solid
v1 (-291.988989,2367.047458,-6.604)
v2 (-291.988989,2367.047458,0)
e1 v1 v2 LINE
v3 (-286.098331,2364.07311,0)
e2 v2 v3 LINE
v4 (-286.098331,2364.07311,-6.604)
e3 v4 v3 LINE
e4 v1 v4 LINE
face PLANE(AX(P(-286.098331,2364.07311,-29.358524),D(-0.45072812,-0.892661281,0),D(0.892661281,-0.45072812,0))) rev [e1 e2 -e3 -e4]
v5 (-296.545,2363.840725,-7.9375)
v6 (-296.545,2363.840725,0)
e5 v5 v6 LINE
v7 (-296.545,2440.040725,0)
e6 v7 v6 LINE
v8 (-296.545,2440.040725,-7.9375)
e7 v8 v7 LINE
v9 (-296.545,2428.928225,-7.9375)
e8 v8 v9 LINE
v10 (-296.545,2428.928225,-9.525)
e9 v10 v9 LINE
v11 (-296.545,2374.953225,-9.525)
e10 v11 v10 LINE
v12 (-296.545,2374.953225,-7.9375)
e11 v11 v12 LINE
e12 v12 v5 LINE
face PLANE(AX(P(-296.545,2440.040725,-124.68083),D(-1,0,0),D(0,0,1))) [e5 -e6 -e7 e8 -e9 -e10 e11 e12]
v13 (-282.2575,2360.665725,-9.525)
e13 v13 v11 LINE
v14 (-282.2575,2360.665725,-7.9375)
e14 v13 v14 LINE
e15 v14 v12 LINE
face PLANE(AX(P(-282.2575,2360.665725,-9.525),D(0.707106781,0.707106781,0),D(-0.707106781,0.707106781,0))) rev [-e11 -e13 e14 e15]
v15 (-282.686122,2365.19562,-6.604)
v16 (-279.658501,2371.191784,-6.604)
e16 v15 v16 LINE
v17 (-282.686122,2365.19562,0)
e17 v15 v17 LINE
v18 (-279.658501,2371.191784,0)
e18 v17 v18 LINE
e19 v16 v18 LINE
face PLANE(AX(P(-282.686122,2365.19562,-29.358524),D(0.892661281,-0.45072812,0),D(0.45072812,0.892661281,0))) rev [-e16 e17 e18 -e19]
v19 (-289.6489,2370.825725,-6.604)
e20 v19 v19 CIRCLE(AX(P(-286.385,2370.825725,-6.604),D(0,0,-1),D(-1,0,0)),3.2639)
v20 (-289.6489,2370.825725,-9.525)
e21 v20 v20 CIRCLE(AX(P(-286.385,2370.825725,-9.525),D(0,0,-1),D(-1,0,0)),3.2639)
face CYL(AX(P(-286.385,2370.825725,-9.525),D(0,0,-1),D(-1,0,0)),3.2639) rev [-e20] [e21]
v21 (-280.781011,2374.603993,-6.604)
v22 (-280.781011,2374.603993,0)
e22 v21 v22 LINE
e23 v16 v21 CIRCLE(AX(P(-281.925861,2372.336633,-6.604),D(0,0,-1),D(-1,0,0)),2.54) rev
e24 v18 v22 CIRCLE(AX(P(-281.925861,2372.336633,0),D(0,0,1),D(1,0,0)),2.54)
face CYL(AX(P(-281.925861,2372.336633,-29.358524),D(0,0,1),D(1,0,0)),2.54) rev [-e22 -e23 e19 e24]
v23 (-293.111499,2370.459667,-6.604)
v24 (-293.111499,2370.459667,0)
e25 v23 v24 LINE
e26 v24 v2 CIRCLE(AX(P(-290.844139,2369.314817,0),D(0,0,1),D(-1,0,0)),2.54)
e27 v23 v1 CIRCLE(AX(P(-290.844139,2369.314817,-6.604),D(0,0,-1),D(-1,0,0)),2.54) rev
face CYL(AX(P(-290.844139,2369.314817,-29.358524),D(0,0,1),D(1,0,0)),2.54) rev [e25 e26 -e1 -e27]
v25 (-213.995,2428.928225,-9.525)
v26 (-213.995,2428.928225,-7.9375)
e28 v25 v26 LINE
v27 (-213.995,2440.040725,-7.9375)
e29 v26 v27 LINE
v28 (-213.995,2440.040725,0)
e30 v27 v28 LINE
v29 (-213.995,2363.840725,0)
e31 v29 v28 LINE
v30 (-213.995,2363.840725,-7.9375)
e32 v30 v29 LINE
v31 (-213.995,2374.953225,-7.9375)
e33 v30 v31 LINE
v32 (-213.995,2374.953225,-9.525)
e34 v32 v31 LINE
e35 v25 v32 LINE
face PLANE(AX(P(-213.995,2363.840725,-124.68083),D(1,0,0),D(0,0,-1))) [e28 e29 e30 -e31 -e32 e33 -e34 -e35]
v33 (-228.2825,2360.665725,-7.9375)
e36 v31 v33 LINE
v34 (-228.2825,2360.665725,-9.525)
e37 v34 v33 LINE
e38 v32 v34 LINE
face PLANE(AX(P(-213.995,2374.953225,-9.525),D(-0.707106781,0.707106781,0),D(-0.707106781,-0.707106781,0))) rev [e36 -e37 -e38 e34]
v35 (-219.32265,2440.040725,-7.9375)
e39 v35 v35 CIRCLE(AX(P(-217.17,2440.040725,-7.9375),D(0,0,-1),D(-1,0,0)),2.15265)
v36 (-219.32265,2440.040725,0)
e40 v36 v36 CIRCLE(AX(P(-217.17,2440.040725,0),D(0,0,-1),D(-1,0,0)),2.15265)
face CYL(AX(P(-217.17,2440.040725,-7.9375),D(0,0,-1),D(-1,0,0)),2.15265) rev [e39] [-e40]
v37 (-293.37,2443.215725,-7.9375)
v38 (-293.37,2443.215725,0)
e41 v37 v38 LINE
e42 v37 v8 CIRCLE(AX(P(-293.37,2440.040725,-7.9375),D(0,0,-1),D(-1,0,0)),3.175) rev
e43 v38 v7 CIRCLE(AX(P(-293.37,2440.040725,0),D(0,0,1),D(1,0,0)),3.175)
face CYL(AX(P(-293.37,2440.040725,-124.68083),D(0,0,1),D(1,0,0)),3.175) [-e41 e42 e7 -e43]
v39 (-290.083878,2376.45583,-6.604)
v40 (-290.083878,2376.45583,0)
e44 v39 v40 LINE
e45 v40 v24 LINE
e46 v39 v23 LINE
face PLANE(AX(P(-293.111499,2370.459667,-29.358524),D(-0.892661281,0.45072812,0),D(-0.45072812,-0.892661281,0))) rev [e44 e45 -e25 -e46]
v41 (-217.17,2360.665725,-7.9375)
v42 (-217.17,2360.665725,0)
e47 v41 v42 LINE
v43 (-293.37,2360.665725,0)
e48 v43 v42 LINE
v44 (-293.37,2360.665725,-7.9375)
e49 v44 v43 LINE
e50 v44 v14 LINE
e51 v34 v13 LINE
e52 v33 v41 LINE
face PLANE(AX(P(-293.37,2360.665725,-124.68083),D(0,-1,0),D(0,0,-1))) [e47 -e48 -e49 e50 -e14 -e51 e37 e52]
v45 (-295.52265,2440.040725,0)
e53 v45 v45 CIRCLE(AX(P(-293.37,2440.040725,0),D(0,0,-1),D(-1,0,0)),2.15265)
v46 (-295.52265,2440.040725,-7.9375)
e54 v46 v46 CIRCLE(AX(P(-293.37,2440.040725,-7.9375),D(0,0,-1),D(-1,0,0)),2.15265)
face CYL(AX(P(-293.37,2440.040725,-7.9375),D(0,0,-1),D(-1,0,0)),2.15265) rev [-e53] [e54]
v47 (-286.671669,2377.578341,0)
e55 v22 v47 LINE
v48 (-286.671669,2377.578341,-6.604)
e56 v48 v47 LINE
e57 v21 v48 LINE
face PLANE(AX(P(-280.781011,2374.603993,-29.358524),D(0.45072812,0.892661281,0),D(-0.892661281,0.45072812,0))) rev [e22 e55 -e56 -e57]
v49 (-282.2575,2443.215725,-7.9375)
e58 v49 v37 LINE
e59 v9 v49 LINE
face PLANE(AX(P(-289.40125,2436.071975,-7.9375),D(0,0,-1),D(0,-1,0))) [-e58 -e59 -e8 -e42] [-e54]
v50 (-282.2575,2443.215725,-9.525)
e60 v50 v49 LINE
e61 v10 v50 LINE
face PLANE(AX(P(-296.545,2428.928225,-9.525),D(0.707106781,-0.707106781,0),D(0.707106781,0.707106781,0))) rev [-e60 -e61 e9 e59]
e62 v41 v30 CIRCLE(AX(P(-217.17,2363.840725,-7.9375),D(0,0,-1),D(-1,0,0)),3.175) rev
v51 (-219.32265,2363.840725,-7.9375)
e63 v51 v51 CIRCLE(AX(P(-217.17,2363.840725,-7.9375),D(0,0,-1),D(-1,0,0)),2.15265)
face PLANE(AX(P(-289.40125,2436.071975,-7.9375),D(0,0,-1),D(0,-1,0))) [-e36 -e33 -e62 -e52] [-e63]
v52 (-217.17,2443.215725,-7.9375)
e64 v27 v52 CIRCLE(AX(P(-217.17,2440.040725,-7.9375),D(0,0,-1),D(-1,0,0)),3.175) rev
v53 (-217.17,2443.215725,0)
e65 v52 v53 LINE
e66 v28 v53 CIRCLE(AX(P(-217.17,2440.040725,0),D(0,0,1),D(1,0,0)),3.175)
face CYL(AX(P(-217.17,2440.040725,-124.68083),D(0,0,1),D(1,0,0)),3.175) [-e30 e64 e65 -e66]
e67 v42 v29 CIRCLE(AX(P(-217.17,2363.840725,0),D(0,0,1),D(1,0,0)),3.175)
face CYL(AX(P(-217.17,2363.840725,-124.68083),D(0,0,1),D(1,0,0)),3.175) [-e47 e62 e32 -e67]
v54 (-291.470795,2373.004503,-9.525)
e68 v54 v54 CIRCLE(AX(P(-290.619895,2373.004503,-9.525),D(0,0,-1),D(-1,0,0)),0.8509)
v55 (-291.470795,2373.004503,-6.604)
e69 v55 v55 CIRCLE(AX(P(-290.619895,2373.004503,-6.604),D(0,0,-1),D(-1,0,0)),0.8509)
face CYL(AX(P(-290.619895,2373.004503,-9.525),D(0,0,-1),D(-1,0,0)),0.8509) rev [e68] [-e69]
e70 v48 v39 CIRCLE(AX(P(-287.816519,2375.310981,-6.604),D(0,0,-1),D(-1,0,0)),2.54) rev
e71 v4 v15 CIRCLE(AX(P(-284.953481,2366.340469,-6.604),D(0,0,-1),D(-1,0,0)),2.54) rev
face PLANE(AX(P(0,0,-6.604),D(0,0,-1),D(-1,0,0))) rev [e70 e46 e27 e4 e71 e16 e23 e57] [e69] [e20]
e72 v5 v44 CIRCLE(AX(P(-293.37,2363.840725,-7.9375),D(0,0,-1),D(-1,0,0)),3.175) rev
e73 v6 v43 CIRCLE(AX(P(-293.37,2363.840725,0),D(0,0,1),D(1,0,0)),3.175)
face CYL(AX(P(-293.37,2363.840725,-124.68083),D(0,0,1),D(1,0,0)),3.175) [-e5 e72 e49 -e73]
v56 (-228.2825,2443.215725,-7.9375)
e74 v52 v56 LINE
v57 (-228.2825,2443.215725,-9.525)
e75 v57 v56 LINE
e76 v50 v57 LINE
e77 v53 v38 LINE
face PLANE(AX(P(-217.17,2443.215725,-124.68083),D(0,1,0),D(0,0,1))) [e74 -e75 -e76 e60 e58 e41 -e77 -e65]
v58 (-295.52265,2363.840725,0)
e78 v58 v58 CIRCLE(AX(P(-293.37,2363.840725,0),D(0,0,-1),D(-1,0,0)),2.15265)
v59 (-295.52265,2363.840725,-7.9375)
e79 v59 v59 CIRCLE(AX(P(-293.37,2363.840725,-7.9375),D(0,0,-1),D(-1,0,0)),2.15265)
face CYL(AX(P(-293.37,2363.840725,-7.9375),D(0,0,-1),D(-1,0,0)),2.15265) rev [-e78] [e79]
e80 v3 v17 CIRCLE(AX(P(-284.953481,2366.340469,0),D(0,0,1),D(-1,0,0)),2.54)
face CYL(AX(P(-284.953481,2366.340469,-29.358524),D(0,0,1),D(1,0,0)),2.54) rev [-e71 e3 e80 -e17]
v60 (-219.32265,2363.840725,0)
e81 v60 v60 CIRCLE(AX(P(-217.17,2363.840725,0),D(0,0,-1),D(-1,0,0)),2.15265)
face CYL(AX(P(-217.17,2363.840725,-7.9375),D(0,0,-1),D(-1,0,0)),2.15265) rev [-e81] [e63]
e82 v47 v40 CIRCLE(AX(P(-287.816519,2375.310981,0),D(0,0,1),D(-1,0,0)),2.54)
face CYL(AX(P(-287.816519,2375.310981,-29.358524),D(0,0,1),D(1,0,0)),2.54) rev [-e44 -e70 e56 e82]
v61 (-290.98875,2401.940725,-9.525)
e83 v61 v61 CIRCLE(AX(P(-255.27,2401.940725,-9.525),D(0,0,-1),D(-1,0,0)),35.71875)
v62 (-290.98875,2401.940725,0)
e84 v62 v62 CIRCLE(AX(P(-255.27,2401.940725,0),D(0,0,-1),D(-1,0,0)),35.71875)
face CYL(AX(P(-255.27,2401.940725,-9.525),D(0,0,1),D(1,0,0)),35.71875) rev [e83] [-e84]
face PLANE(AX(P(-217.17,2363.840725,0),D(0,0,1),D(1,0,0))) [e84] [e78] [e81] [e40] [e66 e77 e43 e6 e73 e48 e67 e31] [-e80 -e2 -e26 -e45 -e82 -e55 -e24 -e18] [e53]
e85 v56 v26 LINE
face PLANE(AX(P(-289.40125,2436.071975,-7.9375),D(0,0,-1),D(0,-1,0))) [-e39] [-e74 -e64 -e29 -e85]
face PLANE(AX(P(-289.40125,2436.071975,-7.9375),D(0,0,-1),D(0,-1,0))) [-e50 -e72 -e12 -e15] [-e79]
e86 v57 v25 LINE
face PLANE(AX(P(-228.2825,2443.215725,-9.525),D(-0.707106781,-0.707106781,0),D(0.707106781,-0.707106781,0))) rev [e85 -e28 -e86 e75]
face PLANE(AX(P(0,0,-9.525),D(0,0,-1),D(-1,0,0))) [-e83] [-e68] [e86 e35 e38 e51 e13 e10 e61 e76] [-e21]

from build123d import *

# Parameters (mm, degrees)
BOSS_EXTRUDE1_DEPTH         = 7.9375
SKETCH2_R                   = 35.71875
BOSS_EXTRUDE2_DEPTH         = 1.5875
SKETCH3_R                   = 35.71875
CUT_EXTRUDE1_DEPTH          = 2.5875
CUT_EXTRUDE1_DEPTH_BACK     = 8.9375
F_6_CLEARANCE_HOLE1_D       = 4.3053
CUT_EXTRUDE2_DEPTH          = 6.604
F_0_257_DIAMETER_HOLE1_D    = 6.5278
F_51_0_067_DIAMETER_HOLE1_D = 1.7018


with BuildPart() as part:
    # Sketch1 → Boss-Extrude1 (new body)
    with BuildSketch(Plane.XY):
        with BuildLine():
            Line((-213.995000001, 2363.840725166), (-213.995000001, 2440.040725166))
            ThreePointArc((-213.995000001, 2440.040725166), (-214.92493597, 2442.285789196), (-217.170000001, 2443.215725166))
            Line((-217.170000001, 2443.215725166), (-293.370000001, 2443.215725166))
            ThreePointArc((-293.370000001, 2443.215725166), (-295.615064031, 2442.285789196), (-296.545000001, 2440.040725166))
            Line((-296.545000001, 2440.040725166), (-296.545000001, 2363.840725166))
            ThreePointArc((-296.545000001, 2363.840725166), (-295.615064031, 2361.595661136), (-293.370000001, 2360.665725166))
            Line((-293.370000001, 2360.665725166), (-217.170000001, 2360.665725166))
            ThreePointArc((-217.170000001, 2360.665725166), (-214.92493597, 2361.595661136), (-213.995000001, 2363.840725166))
        make_face()
    extrude(amount=-BOSS_EXTRUDE1_DEPTH)

    # Sketch2 → Boss-Extrude2 (add)
    with BuildSketch(Plane(origin=(0, 0, -7.9375), x_dir=(-1, 0, 0), z_dir=(0, 0, -1))):
        Polygon((282.257500001, 2360.665725166), (296.545000001, 2374.953225166), (296.545000001, 2428.928225166), (282.257500001, 2443.215725166), (228.282500001, 2443.215725166), (213.995000001, 2428.928225166), (213.995000001, 2374.953225166), (228.282500001, 2360.665725166), align=None)
        with Locations((255.270000001, 2401.940725166)):
            Circle(SKETCH2_R, mode=Mode.SUBTRACT)
    extrude(amount=BOSS_EXTRUDE2_DEPTH)

    # Sketch3 → Cut-Extrude1 (cut, two sides)
    with BuildSketch(Plane(origin=(0, 0, -7.9375), x_dir=(-1, 0, 0), z_dir=(0, 0, -1))) as cut_extrude1_sk:
        with Locations((255.270000001, 2401.940725166)):
            Circle(SKETCH3_R)
    extrude(amount=CUT_EXTRUDE1_DEPTH, mode=Mode.SUBTRACT)
    extrude(cut_extrude1_sk.sketch, amount=-CUT_EXTRUDE1_DEPTH_BACK, mode=Mode.SUBTRACT)

    # #6 Clearance Hole1 (through all)
    with Locations(Plane(origin=(0, 0, -7.9375), x_dir=(-1, 0, 0), z_dir=(0, 0, -1))):
        with Locations((217.170000001, 2440.040725166), (293.370000001, 2440.040725166), (293.370000001, 2363.840725166), (217.170000001, 2363.840725166)):
            Hole(F_6_CLEARANCE_HOLE1_D / 2)

    # Sketch6 → Cut-Extrude2 (cut)
    with BuildSketch(Plane.XY):
        with BuildLine():
            Line((-286.09833069, 2364.073109679), (-291.98898869, 2367.047457577))
            ThreePointArc((-291.98898869, 2367.047457577), (-293.256935443, 2368.521082635), (-293.111498919, 2370.459666654))
            Line((-293.111498919, 2370.459666654), (-290.083878389, 2376.455830423))
            ThreePointArc((-290.083878389, 2376.455830423), (-288.610253331, 2377.723777176), (-286.671669312, 2377.578340652))
            Line((-286.671669312, 2377.578340652), (-280.781011311, 2374.603992755))
            ThreePointArc((-280.781011311, 2374.603992755), (-279.513064558, 2373.130367697), (-279.658501082, 2371.191783678))
            Line((-279.658501082, 2371.191783678), (-282.686121613, 2365.195619909))
            ThreePointArc((-282.686121613, 2365.195619909), (-284.159746671, 2363.927673155), (-286.09833069, 2364.073109679))
        make_face()
    extrude(amount=-CUT_EXTRUDE2_DEPTH, mode=Mode.SUBTRACT)

    # F (0.257) Diameter Hole1 (through all)
    with Locations(Plane(origin=(0, 0, -9.525), x_dir=(-1, 0, 0), z_dir=(0, 0, -1))):
        with Locations((286.385000001, 2370.825725166)):
            Hole(F_0_257_DIAMETER_HOLE1_D / 2)

    # #51 (0.067) Diameter Hole1 (through all)
    with Locations(Plane(origin=(0, 0, -9.525), x_dir=(-1, 0, 0), z_dir=(0, 0, -1))):
        with Locations((290.619894526, 2373.004503404)):
            Hole(F_51_0_067_DIAMETER_HOLE1_D / 2)


solid = part.part
